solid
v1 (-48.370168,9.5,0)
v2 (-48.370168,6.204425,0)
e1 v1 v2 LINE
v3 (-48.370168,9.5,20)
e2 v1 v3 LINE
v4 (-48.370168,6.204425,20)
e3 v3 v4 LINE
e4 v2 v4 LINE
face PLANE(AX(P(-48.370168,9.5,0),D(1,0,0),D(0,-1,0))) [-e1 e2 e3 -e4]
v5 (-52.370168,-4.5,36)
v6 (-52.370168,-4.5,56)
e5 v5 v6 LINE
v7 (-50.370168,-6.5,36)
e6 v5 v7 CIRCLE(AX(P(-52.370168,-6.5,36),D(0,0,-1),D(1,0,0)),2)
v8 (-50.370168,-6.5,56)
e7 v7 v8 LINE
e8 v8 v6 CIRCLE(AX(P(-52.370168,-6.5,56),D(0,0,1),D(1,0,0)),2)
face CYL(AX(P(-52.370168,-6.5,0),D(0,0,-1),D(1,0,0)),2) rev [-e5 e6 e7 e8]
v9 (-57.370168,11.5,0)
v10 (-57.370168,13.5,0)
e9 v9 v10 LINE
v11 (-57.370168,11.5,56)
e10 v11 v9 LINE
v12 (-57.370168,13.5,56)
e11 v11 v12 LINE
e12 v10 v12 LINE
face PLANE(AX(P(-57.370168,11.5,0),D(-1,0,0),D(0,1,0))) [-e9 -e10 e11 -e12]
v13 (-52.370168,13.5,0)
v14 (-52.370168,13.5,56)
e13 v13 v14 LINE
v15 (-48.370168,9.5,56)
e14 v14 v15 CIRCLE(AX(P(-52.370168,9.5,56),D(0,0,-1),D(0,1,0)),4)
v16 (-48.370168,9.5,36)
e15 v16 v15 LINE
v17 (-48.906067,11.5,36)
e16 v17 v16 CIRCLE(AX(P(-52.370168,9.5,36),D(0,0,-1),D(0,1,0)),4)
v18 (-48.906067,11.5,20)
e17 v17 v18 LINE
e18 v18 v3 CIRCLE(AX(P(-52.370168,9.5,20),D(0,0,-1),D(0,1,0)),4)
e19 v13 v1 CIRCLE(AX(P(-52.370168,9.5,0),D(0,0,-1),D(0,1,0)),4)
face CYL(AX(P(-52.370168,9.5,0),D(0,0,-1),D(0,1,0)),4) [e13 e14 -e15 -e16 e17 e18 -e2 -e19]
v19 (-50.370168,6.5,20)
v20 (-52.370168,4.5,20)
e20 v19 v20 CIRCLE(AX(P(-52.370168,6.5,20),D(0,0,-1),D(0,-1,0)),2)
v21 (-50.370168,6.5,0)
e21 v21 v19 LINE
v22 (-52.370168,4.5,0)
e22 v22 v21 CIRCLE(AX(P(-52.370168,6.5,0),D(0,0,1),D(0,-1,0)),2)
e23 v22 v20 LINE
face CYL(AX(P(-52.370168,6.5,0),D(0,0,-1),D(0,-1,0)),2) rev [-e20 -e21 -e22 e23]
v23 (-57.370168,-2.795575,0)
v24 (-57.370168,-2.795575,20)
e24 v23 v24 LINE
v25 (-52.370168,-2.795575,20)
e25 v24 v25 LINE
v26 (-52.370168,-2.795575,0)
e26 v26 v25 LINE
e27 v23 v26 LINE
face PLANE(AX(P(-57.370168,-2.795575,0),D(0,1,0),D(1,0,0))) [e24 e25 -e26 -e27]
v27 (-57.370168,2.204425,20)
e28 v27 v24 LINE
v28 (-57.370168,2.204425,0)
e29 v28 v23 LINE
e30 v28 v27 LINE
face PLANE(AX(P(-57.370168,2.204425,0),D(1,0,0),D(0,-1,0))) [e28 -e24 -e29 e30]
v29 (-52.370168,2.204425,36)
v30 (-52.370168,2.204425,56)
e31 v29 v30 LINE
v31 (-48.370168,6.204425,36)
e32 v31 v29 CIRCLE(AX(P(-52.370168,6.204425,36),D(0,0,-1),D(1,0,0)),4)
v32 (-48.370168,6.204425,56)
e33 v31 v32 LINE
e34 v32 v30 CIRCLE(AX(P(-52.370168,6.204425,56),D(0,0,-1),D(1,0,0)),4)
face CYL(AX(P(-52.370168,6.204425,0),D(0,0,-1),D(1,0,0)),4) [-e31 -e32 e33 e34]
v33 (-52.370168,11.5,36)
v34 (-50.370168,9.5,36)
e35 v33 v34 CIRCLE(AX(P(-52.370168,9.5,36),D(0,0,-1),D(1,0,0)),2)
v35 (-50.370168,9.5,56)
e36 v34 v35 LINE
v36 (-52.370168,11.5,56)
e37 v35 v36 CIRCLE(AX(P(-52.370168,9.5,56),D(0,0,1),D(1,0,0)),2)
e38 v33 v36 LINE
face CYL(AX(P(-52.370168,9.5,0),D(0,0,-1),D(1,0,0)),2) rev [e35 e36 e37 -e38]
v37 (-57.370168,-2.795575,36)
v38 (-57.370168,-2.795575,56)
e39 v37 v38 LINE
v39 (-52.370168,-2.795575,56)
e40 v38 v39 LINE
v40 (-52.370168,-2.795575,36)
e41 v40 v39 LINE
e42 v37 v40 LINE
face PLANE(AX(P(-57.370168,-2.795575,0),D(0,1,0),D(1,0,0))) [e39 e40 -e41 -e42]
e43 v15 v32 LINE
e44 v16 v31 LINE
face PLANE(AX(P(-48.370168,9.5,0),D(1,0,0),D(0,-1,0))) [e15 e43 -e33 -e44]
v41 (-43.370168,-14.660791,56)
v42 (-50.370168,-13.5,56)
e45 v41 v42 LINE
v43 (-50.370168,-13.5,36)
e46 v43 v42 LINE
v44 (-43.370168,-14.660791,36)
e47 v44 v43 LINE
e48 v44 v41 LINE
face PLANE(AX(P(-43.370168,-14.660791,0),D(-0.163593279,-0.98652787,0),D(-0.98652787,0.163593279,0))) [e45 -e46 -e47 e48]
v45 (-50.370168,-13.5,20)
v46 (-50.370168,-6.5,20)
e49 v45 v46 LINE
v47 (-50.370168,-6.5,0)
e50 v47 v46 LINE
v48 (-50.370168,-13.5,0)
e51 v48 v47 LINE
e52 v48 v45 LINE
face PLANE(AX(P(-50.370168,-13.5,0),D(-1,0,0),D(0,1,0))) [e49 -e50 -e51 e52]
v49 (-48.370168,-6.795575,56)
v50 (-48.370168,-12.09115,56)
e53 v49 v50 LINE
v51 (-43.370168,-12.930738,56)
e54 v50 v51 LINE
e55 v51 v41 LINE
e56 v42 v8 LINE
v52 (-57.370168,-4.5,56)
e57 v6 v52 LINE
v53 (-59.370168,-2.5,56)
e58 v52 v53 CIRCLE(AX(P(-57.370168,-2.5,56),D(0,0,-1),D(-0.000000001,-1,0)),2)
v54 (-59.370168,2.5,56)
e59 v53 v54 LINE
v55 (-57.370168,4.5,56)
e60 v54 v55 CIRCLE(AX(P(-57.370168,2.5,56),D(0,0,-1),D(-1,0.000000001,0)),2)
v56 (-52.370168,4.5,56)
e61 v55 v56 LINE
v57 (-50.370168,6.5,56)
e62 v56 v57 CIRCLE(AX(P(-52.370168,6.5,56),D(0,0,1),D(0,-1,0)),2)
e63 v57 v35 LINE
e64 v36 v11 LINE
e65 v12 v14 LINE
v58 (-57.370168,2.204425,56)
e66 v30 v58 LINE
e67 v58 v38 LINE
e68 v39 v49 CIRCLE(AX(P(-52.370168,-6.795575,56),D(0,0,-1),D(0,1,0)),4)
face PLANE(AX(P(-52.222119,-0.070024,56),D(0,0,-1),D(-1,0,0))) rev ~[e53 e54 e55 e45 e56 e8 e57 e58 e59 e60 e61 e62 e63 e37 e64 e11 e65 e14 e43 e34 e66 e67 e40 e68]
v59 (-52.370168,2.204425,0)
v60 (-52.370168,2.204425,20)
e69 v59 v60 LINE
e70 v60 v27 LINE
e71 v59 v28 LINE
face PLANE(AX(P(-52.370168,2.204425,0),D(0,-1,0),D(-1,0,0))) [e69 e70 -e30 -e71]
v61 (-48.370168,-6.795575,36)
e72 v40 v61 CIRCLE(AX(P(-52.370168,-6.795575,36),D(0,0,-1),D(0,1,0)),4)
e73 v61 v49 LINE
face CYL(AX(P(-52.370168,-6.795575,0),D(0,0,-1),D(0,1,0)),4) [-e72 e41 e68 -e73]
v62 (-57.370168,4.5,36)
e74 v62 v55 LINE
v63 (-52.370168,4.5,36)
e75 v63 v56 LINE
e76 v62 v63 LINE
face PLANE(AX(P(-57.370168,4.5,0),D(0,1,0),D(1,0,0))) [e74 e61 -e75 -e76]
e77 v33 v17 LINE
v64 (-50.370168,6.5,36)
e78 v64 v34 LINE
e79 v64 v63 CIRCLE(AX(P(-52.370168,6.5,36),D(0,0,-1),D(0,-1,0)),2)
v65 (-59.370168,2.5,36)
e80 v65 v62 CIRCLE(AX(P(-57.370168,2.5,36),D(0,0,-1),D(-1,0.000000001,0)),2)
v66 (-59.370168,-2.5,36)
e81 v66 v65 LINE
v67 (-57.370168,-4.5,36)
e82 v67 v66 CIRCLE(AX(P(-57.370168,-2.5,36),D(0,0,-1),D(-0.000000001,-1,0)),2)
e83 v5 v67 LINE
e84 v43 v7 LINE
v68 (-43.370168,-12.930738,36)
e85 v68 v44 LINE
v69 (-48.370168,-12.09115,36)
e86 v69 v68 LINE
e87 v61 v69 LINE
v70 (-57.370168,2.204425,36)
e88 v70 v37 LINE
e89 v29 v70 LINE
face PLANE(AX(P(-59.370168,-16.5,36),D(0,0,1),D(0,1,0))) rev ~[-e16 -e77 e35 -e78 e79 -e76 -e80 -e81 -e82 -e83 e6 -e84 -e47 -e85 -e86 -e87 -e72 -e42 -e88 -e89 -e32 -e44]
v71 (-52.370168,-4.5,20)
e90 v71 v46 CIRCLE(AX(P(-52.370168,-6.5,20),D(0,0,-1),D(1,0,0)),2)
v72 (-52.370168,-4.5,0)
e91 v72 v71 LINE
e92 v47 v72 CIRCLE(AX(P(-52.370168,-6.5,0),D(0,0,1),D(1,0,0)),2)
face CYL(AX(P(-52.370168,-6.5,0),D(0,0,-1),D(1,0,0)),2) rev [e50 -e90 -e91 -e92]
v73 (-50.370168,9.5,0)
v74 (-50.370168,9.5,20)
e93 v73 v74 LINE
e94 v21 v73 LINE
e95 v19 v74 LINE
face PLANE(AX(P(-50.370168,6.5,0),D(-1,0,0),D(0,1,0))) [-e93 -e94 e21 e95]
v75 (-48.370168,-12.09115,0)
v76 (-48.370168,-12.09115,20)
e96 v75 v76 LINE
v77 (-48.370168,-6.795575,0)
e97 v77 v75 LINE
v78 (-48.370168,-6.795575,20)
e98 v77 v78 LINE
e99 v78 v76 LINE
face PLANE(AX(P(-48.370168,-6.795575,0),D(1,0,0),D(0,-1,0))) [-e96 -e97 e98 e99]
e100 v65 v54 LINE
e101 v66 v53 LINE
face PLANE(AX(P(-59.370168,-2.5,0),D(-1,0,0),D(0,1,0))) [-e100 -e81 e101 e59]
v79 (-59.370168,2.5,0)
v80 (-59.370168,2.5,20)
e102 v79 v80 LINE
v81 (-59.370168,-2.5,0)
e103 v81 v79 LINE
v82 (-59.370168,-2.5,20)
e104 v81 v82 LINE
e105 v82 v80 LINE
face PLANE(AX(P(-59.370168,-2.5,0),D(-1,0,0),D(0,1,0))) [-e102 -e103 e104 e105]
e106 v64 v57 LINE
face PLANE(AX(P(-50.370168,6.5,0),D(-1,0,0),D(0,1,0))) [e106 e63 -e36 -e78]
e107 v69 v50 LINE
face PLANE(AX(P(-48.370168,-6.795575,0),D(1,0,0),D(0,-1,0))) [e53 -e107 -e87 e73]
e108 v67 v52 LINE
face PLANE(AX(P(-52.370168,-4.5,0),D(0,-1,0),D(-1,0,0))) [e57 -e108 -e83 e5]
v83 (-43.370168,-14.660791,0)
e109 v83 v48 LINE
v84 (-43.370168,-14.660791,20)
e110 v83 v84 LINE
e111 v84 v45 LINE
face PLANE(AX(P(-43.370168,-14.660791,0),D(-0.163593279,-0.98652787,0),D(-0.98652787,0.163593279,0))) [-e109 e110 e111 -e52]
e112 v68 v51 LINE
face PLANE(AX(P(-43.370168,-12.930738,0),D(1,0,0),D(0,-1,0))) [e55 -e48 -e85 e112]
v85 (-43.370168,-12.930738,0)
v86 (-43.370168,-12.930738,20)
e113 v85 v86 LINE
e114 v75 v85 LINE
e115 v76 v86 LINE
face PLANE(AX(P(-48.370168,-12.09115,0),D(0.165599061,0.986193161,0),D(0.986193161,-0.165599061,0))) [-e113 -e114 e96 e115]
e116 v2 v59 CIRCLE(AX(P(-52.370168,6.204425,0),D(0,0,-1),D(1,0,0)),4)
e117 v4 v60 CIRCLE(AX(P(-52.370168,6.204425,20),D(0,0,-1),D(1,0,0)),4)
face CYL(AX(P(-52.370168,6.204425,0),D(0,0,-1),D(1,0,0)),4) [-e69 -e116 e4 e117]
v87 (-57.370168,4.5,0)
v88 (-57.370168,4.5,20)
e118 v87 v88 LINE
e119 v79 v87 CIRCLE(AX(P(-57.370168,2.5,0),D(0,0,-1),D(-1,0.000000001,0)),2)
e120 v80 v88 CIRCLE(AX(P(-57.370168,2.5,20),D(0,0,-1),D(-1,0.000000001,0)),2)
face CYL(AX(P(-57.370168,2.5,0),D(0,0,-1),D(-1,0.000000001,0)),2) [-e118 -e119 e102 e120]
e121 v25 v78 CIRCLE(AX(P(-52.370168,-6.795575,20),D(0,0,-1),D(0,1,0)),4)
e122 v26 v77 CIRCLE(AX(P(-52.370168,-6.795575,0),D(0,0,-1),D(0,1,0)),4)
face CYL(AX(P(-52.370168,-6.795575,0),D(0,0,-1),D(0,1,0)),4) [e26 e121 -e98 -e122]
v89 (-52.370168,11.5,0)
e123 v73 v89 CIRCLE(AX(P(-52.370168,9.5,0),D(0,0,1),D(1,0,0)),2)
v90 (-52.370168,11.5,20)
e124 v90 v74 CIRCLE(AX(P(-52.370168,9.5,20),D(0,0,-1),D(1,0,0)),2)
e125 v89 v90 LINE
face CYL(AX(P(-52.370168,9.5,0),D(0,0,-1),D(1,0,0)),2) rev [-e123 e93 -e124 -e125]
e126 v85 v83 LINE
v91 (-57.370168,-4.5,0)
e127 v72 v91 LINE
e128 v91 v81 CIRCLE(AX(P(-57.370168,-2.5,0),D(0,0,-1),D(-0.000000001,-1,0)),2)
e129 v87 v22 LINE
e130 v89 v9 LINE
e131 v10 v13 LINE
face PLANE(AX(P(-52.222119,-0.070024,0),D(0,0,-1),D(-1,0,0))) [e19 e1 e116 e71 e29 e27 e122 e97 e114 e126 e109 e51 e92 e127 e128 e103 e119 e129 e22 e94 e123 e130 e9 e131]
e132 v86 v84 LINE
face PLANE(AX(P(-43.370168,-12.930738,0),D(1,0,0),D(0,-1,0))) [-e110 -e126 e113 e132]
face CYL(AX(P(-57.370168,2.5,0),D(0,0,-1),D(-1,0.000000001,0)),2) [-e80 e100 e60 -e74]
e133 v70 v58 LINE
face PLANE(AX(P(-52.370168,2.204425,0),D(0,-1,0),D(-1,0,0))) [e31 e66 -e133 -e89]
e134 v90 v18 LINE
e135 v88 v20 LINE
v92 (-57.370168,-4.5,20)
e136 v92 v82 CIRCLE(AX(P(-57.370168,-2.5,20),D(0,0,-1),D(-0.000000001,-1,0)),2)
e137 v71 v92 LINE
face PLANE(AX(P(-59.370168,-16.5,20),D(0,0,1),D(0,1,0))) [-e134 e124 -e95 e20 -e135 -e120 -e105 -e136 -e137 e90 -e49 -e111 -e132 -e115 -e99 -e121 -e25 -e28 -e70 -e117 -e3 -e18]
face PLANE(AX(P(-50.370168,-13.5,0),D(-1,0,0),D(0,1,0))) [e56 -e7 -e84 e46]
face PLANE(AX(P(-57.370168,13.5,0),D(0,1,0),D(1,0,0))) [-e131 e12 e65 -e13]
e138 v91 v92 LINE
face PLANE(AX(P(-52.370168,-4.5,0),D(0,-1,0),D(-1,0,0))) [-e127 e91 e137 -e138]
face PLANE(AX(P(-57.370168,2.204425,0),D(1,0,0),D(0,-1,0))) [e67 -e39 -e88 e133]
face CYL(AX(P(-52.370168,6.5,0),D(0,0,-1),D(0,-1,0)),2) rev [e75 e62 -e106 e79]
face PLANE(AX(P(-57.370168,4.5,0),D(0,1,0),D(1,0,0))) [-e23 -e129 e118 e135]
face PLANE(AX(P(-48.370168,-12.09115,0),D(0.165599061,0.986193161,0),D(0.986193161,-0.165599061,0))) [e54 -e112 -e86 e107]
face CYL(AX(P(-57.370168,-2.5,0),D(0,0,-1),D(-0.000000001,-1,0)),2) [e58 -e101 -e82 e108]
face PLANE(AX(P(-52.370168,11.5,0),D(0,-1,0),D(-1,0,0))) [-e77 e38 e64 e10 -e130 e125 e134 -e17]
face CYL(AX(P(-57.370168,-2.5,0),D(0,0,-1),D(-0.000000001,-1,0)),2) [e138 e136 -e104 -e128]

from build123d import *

# Parameters (mm, degrees)
BOSS_EXTRUDE1_DEPTH = 56
SKETCH3_W           = 16
SKETCH3_H           = 28
CUT_EXTRUDE1_DEPTH  = 61.057795506


with BuildPart() as part:
    # Sketch2 → Boss-Extrude1 (new body)
    with BuildSketch(Plane.XY):
        with BuildLine():
            ThreePointArc((-52.370168415, 4.5), (-50.955954852, 5.085786438), (-50.370168415, 6.5))
            Line((-50.370168415, 6.5), (-50.370168415, 9.5))
            ThreePointArc((-50.370168415, 9.5), (-50.955954852, 10.914213562), (-52.370168415, 11.5))
            Line((-52.370168415, 11.5), (-57.370168415, 11.5))
            Line((-57.370168415, 11.5), (-57.370168415, 13.5))
            Line((-57.370168415, 13.5), (-52.370168415, 13.5))
            ThreePointArc((-52.370168415, 13.5), (-49.54174129, 12.328427125), (-48.370168415, 9.5))
            Line((-48.370168415, 9.5), (-48.370168415, 6.204424851))
            ThreePointArc((-48.370168415, 6.204424851), (-49.54174129, 3.375997726), (-52.370168415, 2.204424851))
            Line((-52.370168415, 2.204424851), (-57.370168415, 2.204424851))
            Line((-57.370168415, 2.204424851), (-57.370168415, -2.795575149))
            Line((-57.370168415, -2.795575149), (-52.370168415, -2.795575149))
            ThreePointArc((-52.370168415, -2.795575149), (-49.54174129, -3.967148025), (-48.370168415, -6.795575149))
            Line((-48.370168415, -6.795575149), (-48.370168415, -12.091150299))
            Line((-48.370168415, -12.091150299), (-43.370168415, -12.93073765))
            Line((-43.370168415, -12.93073765), (-43.370168415, -14.660791284))
            Line((-43.370168415, -14.660791284), (-50.370168415, -13.5))
            Line((-50.370168415, -13.5), (-50.370168415, -6.5))
            ThreePointArc((-50.370168415, -6.5), (-50.955954852, -5.085786438), (-52.370168415, -4.5))
            Line((-52.370168415, -4.5), (-57.370168415, -4.5))
            ThreePointArc((-57.370168415, -4.5), (-58.784381977, -3.914213562), (-59.370168415, -2.5))
            Line((-59.370168415, -2.5), (-59.370168415, 2.5))
            ThreePointArc((-59.370168415, 2.5), (-58.784381977, 3.914213562), (-57.370168415, 4.5))
            Line((-57.370168415, 4.5), (-52.370168415, 4.5))
        make_face()
    extrude(amount=BOSS_EXTRUDE1_DEPTH)

    # Sketch3 → Cut-Extrude1 (cut, through all)
    with BuildSketch(Plane.ZY.offset(59.370168415)):
        with Locations((28, -2.5)):
            Rectangle(SKETCH3_W, SKETCH3_H)
    extrude(amount=-CUT_EXTRUDE1_DEPTH, mode=Mode.SUBTRACT)


solid = part.part
